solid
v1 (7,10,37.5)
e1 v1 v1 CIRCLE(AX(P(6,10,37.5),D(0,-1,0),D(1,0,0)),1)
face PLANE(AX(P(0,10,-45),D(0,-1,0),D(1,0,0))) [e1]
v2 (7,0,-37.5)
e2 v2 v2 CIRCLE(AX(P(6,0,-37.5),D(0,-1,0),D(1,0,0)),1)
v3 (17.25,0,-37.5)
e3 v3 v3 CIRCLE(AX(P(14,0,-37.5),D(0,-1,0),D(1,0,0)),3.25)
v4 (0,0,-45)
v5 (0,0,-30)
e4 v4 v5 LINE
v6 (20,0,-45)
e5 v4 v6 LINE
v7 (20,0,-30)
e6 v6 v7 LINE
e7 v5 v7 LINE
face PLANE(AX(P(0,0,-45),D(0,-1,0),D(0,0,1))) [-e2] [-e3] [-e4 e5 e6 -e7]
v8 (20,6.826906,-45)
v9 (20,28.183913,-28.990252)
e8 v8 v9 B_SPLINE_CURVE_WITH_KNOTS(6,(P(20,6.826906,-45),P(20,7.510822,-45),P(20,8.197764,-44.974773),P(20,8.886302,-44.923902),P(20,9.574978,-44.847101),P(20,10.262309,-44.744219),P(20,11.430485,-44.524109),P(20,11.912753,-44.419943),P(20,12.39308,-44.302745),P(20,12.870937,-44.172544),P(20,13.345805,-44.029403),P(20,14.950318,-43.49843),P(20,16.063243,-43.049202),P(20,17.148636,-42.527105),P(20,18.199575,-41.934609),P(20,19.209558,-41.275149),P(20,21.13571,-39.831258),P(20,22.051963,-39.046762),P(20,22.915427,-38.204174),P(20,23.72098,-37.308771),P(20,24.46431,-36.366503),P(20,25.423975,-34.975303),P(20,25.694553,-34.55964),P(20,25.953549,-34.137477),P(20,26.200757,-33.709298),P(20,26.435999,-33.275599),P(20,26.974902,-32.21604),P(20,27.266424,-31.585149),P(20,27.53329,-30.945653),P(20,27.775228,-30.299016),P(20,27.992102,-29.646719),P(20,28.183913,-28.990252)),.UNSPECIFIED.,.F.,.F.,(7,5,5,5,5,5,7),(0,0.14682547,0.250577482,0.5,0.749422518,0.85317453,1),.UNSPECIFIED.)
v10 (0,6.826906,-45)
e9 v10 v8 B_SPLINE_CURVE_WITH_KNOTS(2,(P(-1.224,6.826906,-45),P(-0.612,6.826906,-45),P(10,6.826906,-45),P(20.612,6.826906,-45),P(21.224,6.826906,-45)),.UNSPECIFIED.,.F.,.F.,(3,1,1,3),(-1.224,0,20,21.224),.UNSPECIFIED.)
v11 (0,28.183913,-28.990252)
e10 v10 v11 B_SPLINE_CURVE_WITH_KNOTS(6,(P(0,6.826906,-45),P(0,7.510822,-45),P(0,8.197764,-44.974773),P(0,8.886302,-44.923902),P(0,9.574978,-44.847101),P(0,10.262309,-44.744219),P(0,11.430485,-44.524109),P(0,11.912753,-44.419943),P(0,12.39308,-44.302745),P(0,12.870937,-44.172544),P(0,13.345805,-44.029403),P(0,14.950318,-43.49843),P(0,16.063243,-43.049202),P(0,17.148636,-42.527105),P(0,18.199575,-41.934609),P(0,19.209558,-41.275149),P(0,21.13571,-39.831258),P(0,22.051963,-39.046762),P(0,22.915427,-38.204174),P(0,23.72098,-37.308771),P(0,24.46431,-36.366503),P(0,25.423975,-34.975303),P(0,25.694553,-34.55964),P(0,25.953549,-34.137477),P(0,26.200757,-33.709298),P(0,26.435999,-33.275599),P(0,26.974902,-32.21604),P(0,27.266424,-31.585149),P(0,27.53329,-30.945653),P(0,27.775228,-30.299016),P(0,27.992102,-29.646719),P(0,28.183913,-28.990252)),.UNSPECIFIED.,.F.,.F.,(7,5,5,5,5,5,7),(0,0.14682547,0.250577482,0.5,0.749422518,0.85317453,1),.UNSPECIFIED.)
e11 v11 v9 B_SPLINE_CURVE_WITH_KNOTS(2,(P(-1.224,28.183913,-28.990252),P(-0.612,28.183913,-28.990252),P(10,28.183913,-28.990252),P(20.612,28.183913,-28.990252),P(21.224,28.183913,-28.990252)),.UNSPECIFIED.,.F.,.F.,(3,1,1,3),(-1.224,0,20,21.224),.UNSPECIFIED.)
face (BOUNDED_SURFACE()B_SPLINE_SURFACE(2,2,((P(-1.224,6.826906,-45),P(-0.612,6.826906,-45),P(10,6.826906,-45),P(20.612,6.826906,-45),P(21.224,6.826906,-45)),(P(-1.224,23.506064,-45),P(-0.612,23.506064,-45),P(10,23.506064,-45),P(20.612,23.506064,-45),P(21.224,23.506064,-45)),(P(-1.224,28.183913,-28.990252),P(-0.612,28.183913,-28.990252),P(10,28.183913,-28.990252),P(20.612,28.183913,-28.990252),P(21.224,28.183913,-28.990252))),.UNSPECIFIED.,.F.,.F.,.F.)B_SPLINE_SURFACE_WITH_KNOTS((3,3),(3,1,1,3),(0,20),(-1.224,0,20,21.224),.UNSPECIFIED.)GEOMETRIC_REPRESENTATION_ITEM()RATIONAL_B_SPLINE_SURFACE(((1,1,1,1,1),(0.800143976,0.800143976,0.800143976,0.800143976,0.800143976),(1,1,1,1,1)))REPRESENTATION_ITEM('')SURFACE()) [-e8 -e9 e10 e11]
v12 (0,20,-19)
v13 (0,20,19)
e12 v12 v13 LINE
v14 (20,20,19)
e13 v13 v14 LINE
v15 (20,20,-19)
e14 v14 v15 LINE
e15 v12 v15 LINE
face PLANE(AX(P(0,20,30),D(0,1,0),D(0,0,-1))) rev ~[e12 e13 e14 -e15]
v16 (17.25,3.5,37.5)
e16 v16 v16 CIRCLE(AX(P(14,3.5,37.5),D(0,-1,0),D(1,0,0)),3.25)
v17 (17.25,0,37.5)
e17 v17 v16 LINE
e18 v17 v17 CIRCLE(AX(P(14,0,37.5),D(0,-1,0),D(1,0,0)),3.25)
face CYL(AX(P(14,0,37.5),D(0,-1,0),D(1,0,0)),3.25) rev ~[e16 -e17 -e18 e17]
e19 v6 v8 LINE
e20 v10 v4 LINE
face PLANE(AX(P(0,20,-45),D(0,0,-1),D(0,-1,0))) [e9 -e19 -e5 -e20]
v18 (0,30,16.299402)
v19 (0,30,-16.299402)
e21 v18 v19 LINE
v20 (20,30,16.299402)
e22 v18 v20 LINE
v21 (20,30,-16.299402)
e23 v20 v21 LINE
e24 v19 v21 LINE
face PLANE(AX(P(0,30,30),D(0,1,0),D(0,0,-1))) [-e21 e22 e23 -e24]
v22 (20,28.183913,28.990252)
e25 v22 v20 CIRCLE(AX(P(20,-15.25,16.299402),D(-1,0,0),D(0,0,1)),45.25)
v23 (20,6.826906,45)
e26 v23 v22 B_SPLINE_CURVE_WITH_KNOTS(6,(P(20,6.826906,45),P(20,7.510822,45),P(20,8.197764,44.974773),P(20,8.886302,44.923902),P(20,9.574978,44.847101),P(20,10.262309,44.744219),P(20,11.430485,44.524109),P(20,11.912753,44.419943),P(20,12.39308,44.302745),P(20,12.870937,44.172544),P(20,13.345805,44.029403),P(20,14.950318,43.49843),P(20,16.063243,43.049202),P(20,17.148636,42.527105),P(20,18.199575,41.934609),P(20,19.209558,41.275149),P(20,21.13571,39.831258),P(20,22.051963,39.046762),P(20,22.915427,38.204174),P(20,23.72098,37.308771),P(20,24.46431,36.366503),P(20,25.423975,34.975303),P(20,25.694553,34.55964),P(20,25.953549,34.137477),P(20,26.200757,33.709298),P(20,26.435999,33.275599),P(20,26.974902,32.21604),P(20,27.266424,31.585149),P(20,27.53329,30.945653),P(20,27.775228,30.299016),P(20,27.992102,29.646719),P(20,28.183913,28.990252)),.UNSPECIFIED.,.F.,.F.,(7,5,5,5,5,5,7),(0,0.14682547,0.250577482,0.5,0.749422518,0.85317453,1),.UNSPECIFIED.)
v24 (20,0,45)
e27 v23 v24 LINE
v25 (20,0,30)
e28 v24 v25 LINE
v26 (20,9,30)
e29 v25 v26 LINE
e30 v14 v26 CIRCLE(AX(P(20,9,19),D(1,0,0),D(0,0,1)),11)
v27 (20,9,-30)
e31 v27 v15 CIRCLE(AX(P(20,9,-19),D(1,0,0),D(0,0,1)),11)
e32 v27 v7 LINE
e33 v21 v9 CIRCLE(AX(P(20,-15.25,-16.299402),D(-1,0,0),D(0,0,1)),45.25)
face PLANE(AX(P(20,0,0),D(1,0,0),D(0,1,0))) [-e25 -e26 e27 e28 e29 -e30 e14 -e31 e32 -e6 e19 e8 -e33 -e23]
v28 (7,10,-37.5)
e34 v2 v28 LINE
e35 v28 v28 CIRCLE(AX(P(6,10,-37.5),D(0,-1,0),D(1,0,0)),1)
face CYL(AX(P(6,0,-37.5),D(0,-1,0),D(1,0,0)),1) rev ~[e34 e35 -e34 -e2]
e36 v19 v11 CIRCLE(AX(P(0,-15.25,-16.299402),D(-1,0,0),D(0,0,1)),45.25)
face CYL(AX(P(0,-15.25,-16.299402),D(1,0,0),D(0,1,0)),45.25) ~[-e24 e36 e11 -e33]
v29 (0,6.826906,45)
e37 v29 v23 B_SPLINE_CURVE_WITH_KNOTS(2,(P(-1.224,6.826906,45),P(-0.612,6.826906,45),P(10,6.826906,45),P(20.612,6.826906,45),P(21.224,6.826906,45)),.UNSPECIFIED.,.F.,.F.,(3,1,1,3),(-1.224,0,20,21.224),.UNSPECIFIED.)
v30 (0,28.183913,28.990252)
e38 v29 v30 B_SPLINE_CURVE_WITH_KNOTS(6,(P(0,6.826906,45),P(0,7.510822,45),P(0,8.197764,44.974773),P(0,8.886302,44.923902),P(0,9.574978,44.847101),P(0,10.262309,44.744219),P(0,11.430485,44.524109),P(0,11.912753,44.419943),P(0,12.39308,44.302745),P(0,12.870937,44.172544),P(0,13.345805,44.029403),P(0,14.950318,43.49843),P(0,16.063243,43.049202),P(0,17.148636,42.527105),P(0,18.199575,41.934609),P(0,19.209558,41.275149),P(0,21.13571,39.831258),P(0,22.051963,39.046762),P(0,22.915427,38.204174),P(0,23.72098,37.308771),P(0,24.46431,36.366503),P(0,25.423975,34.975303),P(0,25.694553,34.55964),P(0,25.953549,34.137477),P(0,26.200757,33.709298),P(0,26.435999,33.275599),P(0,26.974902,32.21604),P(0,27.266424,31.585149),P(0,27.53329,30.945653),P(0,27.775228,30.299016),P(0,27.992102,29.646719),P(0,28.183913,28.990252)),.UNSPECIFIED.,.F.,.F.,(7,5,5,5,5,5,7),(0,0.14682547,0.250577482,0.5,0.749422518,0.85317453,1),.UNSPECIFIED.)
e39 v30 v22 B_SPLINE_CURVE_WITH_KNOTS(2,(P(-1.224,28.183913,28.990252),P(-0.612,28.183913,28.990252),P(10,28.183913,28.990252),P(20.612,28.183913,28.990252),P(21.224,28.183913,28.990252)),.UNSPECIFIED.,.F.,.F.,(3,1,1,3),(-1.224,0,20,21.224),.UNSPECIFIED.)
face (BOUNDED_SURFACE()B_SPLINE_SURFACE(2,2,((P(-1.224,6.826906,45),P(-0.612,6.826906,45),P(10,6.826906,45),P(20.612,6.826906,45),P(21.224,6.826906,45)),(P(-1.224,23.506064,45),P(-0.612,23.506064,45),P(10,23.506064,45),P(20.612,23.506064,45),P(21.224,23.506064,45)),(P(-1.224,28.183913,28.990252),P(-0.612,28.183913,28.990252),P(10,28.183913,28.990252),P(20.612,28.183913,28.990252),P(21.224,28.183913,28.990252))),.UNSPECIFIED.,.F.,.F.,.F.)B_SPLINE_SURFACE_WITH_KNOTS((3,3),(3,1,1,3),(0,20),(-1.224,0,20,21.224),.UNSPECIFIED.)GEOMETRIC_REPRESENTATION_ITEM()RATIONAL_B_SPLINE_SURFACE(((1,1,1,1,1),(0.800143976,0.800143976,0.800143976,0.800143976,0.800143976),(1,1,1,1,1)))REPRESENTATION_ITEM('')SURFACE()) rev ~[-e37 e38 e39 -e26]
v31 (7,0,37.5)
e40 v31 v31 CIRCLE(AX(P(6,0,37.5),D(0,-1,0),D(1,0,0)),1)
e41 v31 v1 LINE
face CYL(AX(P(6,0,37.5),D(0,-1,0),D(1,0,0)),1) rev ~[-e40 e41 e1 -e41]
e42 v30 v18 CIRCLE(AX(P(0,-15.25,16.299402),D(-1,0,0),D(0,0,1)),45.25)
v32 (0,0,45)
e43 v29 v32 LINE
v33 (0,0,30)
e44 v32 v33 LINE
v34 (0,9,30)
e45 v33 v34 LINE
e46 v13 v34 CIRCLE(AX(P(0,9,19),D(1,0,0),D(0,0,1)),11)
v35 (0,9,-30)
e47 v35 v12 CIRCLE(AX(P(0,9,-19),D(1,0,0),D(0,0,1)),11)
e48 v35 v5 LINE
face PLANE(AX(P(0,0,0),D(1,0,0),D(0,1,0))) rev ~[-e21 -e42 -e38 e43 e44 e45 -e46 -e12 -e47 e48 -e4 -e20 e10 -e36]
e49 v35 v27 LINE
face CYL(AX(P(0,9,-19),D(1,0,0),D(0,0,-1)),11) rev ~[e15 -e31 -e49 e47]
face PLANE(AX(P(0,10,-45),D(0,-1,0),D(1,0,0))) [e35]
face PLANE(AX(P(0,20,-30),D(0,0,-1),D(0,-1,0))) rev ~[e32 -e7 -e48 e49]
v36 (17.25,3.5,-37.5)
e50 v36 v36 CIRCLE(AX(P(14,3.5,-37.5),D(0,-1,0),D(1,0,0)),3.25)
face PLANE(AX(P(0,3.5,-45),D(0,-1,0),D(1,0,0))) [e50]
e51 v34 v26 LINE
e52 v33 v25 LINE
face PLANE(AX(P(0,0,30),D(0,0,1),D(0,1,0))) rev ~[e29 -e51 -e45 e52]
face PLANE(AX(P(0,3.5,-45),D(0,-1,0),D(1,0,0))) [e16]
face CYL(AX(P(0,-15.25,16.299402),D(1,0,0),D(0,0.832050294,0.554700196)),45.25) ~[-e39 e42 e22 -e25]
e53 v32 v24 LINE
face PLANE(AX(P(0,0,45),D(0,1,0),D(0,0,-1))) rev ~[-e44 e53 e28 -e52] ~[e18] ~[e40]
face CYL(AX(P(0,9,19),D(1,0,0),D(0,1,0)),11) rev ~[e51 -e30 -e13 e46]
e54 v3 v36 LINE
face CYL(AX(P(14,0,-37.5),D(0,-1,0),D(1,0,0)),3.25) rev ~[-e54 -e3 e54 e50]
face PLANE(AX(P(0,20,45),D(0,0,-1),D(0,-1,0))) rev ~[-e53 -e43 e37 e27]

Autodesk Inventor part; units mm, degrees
ref_plane "YZ Plane" through (0, 0, 0) normal (1, 0, 0) x (0, 1, 0)
ref_plane "XZ Plane" through (0, 0, 0) normal (0, 1, 0) x (-1, 0, 0)
ref_plane "XY Plane" through (0, 0, 0) normal (0, 0, 1) x (1, 0, 0)
sketch "Sketch1" plane through (0, 0, 0) normal (1, 0, 0) x (0, 1, 0)
  line L0 (0, 0) -> (0, 30)
  line L1 (0, 30) -> (20, 30)
  line L2 (20, 30) -> (20, -60)
  line L3 (20, -60) -> (0, -60)
  line L4 (0, -60) -> (0, 30)
  line L5 (20, 30) -> (30, 30)
  line L6 (30, 30) -> (30, -30)
  line L7 (30, -30) -> (20, -30)
  line L8 (20, -30) -> (20, 30)
  line L9 (0, 30) -> (20, 30)
  line L10 (20, 30) -> (20, 45)
  line L11 (20, 45) -> (0, 45)
  line L12 (0, 45) -> (0, 30)
  line L13 (20, 0) -> (0, 0)
  line L14 (0, -60) -> (20, -30)
  line L15 (20, -30) -> (30, -30)
  line L16 (0, -60) -> (20, -30)
  line L17 (20, -30) -> (20, -45)
  line L18 (20, -45) -> (0, -45)
  line L19 (0, -45) -> (0, -60)
  line L20 (20, 45) -> (30, 30)
  line L21 (30, -30) -> (20, -45)
  line L22 (20, -30) -> (0, -30)
  point P0 (20, -30)
  point P1 (20, -30)
  point P2 (20, -30)
  point P3 (10, -45)
  point P4 (20, -30)
  point P5 (0, -45)
  point P6 (10, -45)
  dimension "d0" = 30
  dimension "d1" = 20
  dimension "d2" = 90
  dimension "d3" = 10
  dimension "d4" = 20
  dimension "d5" = 15
extrude "Extrusion1" add sketch "Sketch1" along normal blind 20 contours L12 L11 L10 L1 | L22 L14 L18 L4 | L2 L5 L6 L7 | L10 L20 L5 | L7 L21 L2 | L2 L18 L14
fillet "Fillet2" radius 45.25 2 edges at (10, 30, -30) (10, 30, 30)
fillet "Fillet3" radius 11 2 edges at (10, 20, 30) (10, 20, -30)
fillet "Fillet4" radius 22.25 2 edges at (10, 20, -45) (10, 20, 45)
sketch "Sketch3" plane through (0, 0, -45) normal (0, -1, 0) x (1, 0, 0)
  circle A0 centre (14, 7.5) radius 3.25
  line L0 (0, 0) -> (20, 0) projected
  circle A1 centre (6, 7.5) radius 1
  line L1 (0, 45) -> (21.3664, 45)
  circle A2 centre (14, 82.5) radius 3.25
  circle A3 centre (6, 82.5) radius 1
  line L2 (20, 15) -> (20, 0) projected
  line L3 (0, 15) -> (0, 0) projected
  point P0 (20, 90)
  point P1 (20, 7.5)
  dimension "d21" = 6.5
  dimension "d22" = 7.5
  dimension "d23" = 2
  dimension "d28" = 7.5
  dimension "d29" = 6
  dimension "d30" = 6
extrude "Extrusion4" cut sketch "Sketch3" against normal blind 3.5 contours A0 | A2
extrude "Extrusion5" cut sketch "Sketch3" against normal blind 10 contours A1 | A3
properties part number "Raczka"
